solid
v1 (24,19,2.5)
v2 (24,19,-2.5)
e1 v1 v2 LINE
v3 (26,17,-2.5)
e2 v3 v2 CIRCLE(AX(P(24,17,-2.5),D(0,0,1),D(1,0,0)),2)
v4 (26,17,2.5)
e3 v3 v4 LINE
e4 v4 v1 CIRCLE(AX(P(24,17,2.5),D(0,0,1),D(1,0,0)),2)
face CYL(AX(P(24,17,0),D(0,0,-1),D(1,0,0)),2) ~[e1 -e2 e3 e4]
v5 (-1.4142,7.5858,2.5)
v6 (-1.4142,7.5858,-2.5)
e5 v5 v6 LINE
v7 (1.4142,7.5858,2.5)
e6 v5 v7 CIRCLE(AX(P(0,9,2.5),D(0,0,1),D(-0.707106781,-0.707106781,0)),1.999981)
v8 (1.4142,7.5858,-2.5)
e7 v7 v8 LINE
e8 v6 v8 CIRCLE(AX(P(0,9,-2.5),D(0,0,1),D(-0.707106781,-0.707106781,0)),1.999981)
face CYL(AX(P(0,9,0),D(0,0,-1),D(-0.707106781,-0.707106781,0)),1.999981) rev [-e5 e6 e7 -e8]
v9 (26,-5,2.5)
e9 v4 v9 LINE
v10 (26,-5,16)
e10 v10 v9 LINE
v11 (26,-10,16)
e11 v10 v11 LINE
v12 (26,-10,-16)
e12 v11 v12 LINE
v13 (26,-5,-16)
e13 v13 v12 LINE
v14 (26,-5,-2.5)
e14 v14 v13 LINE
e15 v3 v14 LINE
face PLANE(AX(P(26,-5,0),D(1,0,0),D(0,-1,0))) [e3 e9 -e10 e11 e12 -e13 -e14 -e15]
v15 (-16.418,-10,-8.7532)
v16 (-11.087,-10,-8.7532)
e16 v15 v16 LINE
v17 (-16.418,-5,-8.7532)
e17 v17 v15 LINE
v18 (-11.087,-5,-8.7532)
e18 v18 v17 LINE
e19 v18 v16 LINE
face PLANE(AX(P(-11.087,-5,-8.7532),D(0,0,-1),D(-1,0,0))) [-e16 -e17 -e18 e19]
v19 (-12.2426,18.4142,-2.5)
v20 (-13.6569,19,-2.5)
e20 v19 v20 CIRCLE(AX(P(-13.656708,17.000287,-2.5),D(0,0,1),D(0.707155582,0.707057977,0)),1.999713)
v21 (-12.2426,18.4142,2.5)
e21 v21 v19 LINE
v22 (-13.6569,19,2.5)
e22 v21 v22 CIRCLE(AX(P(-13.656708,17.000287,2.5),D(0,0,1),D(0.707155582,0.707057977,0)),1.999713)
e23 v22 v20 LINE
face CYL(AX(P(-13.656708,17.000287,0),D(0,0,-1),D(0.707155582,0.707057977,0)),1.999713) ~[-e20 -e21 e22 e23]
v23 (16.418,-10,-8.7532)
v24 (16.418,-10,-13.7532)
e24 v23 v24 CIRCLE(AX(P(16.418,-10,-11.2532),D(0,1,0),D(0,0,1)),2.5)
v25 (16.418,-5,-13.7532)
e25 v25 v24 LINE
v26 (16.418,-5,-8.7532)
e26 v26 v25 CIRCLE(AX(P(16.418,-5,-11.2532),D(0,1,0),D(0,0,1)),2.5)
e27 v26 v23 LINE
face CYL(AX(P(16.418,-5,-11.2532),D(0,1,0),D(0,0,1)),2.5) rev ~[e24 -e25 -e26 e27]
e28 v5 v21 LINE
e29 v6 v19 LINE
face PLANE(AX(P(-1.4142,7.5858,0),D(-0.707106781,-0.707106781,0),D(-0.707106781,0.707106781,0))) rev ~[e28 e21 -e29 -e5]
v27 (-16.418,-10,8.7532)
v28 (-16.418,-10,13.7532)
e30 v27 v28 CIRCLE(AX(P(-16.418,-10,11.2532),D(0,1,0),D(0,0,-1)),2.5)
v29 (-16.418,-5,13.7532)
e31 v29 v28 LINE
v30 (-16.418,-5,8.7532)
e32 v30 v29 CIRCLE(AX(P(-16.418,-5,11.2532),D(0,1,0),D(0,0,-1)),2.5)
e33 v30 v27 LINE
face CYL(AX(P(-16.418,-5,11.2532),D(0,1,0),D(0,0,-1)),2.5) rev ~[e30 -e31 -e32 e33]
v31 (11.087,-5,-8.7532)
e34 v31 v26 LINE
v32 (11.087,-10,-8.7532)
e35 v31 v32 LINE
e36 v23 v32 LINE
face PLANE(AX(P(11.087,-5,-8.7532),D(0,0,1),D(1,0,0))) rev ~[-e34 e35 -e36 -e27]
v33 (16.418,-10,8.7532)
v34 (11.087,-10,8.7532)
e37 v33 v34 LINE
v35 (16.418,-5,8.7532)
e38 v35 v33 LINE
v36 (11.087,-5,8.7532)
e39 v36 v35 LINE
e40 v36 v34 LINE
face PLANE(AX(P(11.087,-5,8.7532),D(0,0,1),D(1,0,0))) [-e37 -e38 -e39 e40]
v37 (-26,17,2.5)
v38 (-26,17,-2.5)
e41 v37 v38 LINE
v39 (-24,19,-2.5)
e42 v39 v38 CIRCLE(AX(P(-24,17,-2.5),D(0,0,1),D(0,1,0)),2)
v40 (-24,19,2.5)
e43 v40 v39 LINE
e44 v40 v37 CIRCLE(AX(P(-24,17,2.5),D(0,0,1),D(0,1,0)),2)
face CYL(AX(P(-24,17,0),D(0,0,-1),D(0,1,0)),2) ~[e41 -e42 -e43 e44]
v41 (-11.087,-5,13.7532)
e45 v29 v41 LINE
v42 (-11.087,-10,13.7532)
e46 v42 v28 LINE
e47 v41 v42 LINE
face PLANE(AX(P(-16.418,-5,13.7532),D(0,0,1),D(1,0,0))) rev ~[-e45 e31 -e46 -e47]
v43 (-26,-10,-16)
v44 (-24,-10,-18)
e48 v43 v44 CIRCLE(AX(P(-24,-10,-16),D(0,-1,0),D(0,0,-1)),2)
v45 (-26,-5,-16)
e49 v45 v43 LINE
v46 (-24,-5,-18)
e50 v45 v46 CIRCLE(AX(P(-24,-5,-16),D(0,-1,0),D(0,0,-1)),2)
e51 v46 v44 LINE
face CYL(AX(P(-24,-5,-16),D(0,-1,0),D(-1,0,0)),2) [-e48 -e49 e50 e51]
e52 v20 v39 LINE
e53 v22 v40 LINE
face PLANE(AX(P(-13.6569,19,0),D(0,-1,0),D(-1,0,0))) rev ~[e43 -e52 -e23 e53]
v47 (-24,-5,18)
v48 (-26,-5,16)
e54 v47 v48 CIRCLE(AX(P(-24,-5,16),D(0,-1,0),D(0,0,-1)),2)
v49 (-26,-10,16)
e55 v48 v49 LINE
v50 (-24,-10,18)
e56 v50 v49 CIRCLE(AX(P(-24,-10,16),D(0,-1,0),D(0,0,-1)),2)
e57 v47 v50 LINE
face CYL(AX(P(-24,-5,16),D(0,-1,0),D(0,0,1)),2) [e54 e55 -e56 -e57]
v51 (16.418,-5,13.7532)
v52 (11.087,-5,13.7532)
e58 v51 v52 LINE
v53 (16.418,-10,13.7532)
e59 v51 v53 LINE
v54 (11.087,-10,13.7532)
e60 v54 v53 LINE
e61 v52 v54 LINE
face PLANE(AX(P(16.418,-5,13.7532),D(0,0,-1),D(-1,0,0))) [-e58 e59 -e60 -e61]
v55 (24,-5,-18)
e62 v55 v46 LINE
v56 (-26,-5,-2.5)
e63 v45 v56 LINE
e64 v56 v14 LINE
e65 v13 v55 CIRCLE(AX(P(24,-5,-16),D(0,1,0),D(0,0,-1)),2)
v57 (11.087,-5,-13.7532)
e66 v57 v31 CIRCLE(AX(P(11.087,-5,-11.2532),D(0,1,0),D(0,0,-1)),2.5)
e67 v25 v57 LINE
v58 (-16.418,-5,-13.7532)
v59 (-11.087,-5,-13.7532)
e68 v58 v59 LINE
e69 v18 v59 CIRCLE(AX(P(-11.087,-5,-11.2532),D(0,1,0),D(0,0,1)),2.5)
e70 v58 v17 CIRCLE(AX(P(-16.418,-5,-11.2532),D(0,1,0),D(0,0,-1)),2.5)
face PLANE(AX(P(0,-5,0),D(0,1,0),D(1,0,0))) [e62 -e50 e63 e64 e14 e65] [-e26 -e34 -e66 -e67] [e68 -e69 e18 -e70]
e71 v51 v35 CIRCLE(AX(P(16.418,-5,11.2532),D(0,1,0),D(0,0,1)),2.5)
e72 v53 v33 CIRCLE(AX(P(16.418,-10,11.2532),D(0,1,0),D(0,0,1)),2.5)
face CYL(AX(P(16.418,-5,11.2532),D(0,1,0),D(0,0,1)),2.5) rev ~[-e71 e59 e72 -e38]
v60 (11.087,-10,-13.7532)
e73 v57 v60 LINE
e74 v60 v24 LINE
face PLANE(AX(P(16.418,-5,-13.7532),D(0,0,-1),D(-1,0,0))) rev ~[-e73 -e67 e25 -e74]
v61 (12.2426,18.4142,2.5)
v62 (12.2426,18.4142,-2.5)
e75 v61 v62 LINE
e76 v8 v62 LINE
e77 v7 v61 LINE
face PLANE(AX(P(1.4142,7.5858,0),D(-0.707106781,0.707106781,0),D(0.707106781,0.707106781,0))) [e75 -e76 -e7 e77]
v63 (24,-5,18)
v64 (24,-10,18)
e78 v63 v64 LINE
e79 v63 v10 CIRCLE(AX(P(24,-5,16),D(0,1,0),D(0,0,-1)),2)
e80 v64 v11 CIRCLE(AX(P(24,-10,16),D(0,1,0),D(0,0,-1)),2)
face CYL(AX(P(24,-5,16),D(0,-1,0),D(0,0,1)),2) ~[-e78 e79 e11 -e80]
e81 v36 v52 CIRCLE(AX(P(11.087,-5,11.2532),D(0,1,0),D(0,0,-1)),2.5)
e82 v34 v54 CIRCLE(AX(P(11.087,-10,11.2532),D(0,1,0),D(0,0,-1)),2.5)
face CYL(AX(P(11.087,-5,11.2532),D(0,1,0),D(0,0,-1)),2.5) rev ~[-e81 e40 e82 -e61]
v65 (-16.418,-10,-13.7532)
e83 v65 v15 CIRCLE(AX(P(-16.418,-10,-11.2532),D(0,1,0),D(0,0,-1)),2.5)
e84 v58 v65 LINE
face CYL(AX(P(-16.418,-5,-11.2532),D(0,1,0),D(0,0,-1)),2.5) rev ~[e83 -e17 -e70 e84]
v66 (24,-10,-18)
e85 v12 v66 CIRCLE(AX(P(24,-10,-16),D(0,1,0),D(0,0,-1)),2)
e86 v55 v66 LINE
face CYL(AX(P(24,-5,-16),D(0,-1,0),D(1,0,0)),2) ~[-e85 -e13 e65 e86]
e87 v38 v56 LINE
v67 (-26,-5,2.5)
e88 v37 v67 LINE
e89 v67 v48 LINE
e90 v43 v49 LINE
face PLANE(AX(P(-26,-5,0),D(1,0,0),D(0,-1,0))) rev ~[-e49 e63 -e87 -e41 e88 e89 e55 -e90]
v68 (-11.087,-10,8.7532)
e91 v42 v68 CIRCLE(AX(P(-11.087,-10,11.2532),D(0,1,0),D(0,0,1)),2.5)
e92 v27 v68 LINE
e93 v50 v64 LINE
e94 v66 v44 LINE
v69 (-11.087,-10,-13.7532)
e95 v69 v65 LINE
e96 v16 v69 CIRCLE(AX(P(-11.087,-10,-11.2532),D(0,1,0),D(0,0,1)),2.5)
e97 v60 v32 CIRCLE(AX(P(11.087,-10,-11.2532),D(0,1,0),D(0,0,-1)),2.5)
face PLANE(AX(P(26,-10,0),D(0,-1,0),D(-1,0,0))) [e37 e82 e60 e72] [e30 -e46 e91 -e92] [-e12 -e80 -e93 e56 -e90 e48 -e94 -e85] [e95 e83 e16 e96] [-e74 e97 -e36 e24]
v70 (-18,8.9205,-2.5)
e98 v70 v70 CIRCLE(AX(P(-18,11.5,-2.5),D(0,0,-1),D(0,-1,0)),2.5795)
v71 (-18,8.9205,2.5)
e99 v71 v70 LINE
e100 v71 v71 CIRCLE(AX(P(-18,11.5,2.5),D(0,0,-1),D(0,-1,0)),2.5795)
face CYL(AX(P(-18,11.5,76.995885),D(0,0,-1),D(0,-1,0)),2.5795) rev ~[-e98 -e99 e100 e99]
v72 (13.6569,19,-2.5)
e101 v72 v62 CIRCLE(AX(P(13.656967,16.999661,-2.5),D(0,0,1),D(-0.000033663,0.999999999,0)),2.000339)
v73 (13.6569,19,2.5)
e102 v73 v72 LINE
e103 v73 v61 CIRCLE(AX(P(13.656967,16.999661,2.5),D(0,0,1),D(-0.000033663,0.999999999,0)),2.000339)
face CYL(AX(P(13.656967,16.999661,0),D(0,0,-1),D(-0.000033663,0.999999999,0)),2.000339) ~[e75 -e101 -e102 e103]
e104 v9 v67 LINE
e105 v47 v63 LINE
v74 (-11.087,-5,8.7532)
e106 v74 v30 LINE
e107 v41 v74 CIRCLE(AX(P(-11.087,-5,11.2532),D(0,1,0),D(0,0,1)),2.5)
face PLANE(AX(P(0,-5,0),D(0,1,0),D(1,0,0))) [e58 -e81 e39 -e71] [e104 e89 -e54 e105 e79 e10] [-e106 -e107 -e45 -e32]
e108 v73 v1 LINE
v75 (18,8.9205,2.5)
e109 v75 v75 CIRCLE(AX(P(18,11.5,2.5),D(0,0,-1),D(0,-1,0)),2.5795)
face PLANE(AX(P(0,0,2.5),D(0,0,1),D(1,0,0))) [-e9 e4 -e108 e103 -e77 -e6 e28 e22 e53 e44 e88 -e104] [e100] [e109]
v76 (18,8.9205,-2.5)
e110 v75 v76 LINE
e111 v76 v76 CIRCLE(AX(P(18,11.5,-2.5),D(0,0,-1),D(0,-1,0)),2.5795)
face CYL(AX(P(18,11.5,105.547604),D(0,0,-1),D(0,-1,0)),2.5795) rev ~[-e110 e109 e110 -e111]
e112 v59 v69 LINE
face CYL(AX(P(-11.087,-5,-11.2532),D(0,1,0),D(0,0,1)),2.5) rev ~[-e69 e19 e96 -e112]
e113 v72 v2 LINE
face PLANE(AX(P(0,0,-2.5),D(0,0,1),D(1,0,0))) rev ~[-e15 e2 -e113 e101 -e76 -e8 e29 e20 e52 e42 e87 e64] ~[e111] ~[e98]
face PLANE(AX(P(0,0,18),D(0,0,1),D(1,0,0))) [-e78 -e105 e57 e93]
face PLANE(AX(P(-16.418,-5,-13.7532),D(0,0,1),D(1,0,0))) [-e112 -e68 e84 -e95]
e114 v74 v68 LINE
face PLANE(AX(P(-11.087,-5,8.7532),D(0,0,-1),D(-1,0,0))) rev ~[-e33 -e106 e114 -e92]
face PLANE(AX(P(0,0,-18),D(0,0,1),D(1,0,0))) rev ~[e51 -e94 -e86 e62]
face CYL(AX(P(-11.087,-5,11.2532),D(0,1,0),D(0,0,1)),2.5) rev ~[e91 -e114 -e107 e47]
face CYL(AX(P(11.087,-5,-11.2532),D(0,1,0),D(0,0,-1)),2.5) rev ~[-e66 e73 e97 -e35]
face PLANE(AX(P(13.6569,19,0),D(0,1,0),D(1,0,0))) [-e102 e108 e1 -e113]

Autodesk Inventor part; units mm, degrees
ref_plane "YZ Plane" through (0, 0, 0) normal (1, 0, 0) x (0, 1, 0)
ref_plane "XZ Plane" through (0, 0, 0) normal (0, 1, 0) x (-1, 0, 0)
ref_plane "XY Plane" through (0, 0, 0) normal (0, 0, 1) x (1, 0, 0)
sketch "Sketch1" plane through (0, 0, 0) normal (0, 0, 1) x (1, 0, 0)
  line L0 (0, 0) -> (0, -31.9527)
  line L1 (13.6569, 19) -> (24, 19)
  line L2 (1.4142, 7.5858) -> (12.2426, 18.4142)
  line L3 (26, 17) -> (26, -10)
  line L4 (26, -10) -> (0, -10)
  line L5 (-13.6569, 19) -> (-24, 19)
  line L6 (-1.4142, 7.5858) -> (-12.2426, 18.4142)
  line L7 (-26, 17) -> (-26, -10)
  line L8 (-26, -10) -> (0, -10)
  line L9 (-26, -5) -> (26, -5)
  arc A0 (-24, 19) -> (-26, 17) centre (-24, 17) ccw
  arc A1 (-12.2426, 18.4142) -> (-13.6569, 19) centre (-13.6569, 17) ccw
  arc A2 (-1.4142, 7.5858) -> (1.4142, 7.5858) centre (0, 9) ccw
  arc A3 (13.6569, 19) -> (12.2426, 18.4142) centre (13.6569, 17) ccw
  arc A4 (26, 17) -> (24, 19) centre (24, 17) ccw
  point P0 (-18, 11.5)
  point P1 (18, 11.5)
  point P2 (12.8284, 19)
  point P3 (26, 19)
  point P4 (-12.8284, 19)
  point P5 (-26, 19)
  dimension "d0" = 36
  dimension "d1" = 18
  dimension "d2" = 135
  dimension "d3" = 19
  dimension "d4" = 11.5
  dimension "d5" = 5
  dimension "d6" = 24
  dimension "d7" = 26
  dimension "d10" = 2
  dimension "d11" = 10
extrude "Extrusion1" add sketch "Sketch1" along normal mid plane 5 contours L9 L7 A0 L5 A1 L6 A2 L2 A3 L1 A4 L3
hole "Hole1" at (-18, 11.5, 0) at (18, 11.5, 0) direction (0, 0, -1) diameter 5.159 end through all both
extrude "Extrusion2" add sketch "Sketch1" along normal mid plane 36 contours L9 L3 L4 L0 | L0 L8 L7 L9
fillet "Fillet1" radius 2 4 edges at (-26, -7.5, 18) (26, -7.5, 18) (-26, -7.5, -18) (26, -7.5, -18)
sketch "Sketch2" plane through (-26, -5, -2.5) normal (0, 1, 0) x (1, 0, 0)
  line L0 (42.418, 8.7532) -> (37.087, 8.7532) construction
  line L1 (42.418, 11.2532) -> (37.087, 11.2532)
  line L2 (37.087, 6.2532) -> (42.418, 6.2532)
  arc A0 (42.418, 6.2532) -> (42.418, 11.2532) centre (42.418, 8.7532) ccw
  arc A1 (37.087, 11.2532) -> (37.087, 6.2532) centre (37.087, 8.7532) ccw
  line L3 (69.9256, -2.5) -> (59.9264, -2.5) projected
  line L4 (36.6897, -2.5) -> (64.1036, -2.5) projected
  line L5 (42.418, -13.7532) -> (37.087, -13.7532) construction
  line L6 (42.418, -16.2532) -> (37.087, -16.2532)
  line L7 (37.087, -11.2532) -> (42.418, -11.2532)
  arc A2 (42.418, -16.2532) -> (42.418, -11.2532) centre (42.418, -13.7532) ccw
  arc A3 (37.087, -11.2532) -> (37.087, -16.2532) centre (37.087, -13.7532) ccw
  line L8 (52, 0) -> (0, 0) projected
  line L9 (26, 0) -> (26, 17.4848)
  line L10 (9.582, 8.7532) -> (14.913, 8.7532) construction
  line L11 (9.582, 11.2532) -> (14.913, 11.2532)
  line L12 (14.913, 6.2532) -> (9.582, 6.2532)
  arc A4 (9.582, 11.2532) -> (9.582, 6.2532) centre (9.582, 8.7532) ccw
  arc A5 (14.913, 6.2532) -> (14.913, 11.2532) centre (14.913, 8.7532) ccw
  line L13 (9.582, -13.7532) -> (14.913, -13.7532) construction
  line L14 (9.582, -16.2532) -> (14.913, -16.2532)
  line L15 (14.913, -11.2532) -> (9.582, -11.2532)
  arc A6 (9.582, -11.2532) -> (9.582, -16.2532) centre (9.582, -13.7532) ccw
  arc A7 (14.913, -16.2532) -> (14.913, -11.2532) centre (14.913, -13.7532) ccw
  point P0 (26, -2.5)
  point P1 (39.7525, 8.7532)
  point P2 (39.7525, -13.7532)
  point P3 (26, -2.5)
  point P4 (26, -2.5)
  point P5 (26, -2.5)
  point P6 (12.2475, 8.7532)
  point P7 (15.3103, -2.5)
  point P8 (12.2475, -13.7532)
  dimension "d24" = 5
extrude "Extrusion3" cut sketch "Sketch2" against normal through all
equation "\"d1\" = 0.5 * d0"
properties part number "basepart"
